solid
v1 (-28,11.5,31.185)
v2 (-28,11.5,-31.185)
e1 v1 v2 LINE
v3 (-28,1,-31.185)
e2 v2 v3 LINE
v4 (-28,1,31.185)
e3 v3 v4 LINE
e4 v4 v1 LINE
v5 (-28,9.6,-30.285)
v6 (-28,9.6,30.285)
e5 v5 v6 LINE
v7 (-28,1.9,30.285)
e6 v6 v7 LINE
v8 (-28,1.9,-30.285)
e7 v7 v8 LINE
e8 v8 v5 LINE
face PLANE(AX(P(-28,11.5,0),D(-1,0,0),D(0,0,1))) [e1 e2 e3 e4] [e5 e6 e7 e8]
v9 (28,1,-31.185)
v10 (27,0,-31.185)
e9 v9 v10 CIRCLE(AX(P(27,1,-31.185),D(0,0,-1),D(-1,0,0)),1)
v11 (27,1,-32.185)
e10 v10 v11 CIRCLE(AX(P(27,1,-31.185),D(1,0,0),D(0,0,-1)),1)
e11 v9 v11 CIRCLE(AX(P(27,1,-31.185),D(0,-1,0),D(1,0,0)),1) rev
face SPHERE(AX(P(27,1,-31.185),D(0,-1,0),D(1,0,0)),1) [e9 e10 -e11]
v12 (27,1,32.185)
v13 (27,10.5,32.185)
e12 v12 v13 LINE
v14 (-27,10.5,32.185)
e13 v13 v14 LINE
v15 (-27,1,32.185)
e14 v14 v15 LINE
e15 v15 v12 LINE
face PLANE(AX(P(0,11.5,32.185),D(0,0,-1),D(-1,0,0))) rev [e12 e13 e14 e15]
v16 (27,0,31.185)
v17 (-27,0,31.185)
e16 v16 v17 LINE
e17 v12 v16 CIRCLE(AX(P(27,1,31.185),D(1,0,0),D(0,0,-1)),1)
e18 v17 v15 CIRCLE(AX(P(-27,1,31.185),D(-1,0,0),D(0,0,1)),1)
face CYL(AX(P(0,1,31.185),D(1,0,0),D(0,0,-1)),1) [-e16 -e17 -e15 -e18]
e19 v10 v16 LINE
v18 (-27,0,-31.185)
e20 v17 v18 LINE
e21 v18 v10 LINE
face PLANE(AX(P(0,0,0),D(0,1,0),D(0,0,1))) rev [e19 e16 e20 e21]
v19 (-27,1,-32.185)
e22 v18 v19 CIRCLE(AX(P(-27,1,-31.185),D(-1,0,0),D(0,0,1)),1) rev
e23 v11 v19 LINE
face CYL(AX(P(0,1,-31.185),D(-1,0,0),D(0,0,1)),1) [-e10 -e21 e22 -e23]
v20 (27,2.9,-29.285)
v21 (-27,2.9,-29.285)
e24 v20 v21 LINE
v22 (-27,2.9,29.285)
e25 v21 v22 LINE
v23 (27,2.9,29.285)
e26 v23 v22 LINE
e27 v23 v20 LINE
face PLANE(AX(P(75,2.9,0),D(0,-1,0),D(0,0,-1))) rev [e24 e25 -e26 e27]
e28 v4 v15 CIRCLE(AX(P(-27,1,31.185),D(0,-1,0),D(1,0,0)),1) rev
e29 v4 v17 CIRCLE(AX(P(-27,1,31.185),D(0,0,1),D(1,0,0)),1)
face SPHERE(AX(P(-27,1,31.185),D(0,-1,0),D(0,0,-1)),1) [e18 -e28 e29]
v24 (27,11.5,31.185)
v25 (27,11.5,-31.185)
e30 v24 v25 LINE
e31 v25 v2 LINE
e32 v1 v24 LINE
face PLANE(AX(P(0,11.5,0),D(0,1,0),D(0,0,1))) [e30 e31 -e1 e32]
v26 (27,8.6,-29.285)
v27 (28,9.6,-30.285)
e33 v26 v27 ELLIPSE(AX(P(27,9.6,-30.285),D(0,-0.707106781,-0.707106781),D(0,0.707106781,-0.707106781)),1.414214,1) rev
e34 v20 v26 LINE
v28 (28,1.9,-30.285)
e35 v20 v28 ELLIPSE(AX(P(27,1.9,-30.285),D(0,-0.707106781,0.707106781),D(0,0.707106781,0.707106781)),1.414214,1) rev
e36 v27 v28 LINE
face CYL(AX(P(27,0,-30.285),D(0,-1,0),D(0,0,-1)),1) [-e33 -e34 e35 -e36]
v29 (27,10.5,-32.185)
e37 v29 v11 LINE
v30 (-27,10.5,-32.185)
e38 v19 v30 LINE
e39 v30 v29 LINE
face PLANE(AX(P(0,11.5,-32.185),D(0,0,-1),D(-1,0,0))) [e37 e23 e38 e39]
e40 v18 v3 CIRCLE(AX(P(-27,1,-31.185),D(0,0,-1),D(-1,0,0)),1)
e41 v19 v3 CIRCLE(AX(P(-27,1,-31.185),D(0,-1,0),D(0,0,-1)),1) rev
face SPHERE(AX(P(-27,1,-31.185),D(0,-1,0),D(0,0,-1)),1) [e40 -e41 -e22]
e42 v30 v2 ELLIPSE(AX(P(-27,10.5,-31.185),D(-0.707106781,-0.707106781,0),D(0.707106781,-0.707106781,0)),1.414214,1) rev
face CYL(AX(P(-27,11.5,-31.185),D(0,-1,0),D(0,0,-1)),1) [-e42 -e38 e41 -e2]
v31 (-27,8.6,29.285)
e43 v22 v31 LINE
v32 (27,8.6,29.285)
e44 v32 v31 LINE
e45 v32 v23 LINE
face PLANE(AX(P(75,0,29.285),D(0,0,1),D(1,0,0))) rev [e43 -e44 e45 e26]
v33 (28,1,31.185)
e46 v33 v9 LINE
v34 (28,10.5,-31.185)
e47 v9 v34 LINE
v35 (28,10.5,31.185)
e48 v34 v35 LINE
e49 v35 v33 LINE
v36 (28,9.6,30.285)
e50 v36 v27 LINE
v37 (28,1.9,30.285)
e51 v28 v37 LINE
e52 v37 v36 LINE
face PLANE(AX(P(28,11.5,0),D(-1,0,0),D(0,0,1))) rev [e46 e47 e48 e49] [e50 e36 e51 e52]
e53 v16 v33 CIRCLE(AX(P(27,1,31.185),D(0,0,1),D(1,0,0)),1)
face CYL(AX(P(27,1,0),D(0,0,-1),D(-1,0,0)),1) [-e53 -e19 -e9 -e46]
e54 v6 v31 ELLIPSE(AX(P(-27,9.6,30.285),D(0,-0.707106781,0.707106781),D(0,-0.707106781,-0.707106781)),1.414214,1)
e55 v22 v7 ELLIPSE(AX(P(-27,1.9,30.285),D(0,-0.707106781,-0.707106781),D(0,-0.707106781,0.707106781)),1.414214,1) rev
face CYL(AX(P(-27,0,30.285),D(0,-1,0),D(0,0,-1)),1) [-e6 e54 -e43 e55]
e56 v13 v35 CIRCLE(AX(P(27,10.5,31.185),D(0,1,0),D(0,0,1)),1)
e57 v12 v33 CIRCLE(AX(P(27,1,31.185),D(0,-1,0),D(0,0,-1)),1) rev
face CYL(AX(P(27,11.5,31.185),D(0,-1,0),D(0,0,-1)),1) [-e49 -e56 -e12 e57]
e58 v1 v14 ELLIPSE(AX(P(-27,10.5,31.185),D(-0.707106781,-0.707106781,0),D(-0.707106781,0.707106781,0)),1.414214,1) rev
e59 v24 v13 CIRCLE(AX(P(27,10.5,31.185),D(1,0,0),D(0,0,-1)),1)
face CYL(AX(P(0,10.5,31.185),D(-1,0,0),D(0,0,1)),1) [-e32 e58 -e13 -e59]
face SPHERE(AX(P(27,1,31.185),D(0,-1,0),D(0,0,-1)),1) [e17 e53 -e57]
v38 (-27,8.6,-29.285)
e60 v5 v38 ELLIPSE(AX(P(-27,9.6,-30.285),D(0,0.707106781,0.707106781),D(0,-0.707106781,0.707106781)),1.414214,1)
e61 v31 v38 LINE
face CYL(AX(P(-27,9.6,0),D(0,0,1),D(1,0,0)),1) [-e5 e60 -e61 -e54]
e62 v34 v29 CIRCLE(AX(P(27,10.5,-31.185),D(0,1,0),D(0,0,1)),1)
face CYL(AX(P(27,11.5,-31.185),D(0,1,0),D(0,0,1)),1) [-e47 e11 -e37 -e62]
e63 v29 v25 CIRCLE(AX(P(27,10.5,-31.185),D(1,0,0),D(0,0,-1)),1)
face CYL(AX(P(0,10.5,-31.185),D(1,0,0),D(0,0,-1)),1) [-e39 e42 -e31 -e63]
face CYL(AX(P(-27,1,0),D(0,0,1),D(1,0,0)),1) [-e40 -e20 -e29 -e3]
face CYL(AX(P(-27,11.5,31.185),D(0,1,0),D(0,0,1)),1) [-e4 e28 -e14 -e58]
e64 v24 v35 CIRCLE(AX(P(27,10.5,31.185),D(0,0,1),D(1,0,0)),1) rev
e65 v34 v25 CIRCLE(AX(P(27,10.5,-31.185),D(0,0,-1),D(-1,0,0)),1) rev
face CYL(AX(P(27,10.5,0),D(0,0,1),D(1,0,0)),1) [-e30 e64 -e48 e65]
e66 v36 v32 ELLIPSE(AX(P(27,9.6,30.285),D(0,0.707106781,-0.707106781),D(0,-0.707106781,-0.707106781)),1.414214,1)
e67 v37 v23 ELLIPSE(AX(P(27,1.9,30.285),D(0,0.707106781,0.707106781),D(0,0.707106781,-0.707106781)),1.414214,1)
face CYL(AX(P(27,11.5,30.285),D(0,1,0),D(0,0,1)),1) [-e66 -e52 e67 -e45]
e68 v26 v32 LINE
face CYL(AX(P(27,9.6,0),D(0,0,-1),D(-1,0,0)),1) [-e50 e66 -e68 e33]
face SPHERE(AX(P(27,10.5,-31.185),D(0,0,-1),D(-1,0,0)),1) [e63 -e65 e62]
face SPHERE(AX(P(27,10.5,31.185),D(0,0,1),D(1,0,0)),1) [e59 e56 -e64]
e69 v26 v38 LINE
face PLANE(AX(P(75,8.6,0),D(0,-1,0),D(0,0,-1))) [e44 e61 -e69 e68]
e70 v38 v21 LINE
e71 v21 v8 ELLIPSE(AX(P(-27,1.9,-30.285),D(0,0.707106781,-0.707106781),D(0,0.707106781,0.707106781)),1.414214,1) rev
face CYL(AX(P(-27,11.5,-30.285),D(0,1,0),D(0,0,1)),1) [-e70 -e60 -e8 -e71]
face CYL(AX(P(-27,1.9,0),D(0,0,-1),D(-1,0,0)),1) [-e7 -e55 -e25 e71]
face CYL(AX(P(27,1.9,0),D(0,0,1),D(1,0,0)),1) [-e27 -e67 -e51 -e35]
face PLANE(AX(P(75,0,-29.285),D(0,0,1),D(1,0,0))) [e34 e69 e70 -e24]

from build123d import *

# Parameters (mm, degrees)
SKETCH1_W           = 56
SKETCH1_H           = 64.37
SKETCH1_W_2         = 50
SKETCH1_H_2         = 58.37
BOSS_EXTRUDE1_DEPTH = 11.5
SKETCH2_W           = 58.57
SKETCH2_H           = 5.7
CUT_EXTRUDE1_DEPTH  = 103
FILLET1_R           = 1


with BuildPart() as part:
    # Sketch1 → Boss-Extrude1 (new body)
    # profile 1 of 2: a face of its own
    with BuildSketch(Plane(origin=(0, 0, 0), x_dir=(1, 0, 0), z_dir=(0, 1, 0))):
        Rectangle(SKETCH1_W, SKETCH1_H)
        Rectangle(SKETCH1_W_2, SKETCH1_H_2, mode=Mode.SUBTRACT)
    # profile 2 of 2: a face of its own
    with BuildSketch(Plane(origin=(0, 0, 0), x_dir=(1, 0, 0), z_dir=(0, 1, 0))):
        Rectangle(SKETCH1_W_2, SKETCH1_H_2)
    extrude(amount=BOSS_EXTRUDE1_DEPTH)

    # Sketch2 → Cut-Extrude1 (cut)
    with BuildSketch(Plane.ZY.offset(28)):
        with Locations((0, 5.75)):
            Rectangle(SKETCH2_W, SKETCH2_H)
    extrude(amount=-CUT_EXTRUDE1_DEPTH, mode=Mode.SUBTRACT)

    # Fillet1
    fillet1_edges = [part.edges().sort_by_distance(p)[0] for p in [
        (0, 11.5, 32.185),
        (28, 11.5, 0),
        (0, 11.5, -32.185),
        (28, 2.9, 0),
        (-28, 5.75, -29.285),
        (-28, 8.6, 0),
        (28, 5.75, 29.285),
        (28, 5.75, -29.285),
        (28, 8.6, 0),
        (-28, 2.9, 0),
        (-28, 5.75, 29.285),
        (0, 0, -32.185),
        (28, 0, 0),
        (0, 0, 32.185),
        (-28, 0, 0),
        (-28, 5.75, -32.185),
        (28, 5.75, -32.185),
        (28, 5.75, 32.185),
        (-28, 5.75, 32.185),
    ]]
    fillet(fillet1_edges, radius=FILLET1_R)


solid = part.part
